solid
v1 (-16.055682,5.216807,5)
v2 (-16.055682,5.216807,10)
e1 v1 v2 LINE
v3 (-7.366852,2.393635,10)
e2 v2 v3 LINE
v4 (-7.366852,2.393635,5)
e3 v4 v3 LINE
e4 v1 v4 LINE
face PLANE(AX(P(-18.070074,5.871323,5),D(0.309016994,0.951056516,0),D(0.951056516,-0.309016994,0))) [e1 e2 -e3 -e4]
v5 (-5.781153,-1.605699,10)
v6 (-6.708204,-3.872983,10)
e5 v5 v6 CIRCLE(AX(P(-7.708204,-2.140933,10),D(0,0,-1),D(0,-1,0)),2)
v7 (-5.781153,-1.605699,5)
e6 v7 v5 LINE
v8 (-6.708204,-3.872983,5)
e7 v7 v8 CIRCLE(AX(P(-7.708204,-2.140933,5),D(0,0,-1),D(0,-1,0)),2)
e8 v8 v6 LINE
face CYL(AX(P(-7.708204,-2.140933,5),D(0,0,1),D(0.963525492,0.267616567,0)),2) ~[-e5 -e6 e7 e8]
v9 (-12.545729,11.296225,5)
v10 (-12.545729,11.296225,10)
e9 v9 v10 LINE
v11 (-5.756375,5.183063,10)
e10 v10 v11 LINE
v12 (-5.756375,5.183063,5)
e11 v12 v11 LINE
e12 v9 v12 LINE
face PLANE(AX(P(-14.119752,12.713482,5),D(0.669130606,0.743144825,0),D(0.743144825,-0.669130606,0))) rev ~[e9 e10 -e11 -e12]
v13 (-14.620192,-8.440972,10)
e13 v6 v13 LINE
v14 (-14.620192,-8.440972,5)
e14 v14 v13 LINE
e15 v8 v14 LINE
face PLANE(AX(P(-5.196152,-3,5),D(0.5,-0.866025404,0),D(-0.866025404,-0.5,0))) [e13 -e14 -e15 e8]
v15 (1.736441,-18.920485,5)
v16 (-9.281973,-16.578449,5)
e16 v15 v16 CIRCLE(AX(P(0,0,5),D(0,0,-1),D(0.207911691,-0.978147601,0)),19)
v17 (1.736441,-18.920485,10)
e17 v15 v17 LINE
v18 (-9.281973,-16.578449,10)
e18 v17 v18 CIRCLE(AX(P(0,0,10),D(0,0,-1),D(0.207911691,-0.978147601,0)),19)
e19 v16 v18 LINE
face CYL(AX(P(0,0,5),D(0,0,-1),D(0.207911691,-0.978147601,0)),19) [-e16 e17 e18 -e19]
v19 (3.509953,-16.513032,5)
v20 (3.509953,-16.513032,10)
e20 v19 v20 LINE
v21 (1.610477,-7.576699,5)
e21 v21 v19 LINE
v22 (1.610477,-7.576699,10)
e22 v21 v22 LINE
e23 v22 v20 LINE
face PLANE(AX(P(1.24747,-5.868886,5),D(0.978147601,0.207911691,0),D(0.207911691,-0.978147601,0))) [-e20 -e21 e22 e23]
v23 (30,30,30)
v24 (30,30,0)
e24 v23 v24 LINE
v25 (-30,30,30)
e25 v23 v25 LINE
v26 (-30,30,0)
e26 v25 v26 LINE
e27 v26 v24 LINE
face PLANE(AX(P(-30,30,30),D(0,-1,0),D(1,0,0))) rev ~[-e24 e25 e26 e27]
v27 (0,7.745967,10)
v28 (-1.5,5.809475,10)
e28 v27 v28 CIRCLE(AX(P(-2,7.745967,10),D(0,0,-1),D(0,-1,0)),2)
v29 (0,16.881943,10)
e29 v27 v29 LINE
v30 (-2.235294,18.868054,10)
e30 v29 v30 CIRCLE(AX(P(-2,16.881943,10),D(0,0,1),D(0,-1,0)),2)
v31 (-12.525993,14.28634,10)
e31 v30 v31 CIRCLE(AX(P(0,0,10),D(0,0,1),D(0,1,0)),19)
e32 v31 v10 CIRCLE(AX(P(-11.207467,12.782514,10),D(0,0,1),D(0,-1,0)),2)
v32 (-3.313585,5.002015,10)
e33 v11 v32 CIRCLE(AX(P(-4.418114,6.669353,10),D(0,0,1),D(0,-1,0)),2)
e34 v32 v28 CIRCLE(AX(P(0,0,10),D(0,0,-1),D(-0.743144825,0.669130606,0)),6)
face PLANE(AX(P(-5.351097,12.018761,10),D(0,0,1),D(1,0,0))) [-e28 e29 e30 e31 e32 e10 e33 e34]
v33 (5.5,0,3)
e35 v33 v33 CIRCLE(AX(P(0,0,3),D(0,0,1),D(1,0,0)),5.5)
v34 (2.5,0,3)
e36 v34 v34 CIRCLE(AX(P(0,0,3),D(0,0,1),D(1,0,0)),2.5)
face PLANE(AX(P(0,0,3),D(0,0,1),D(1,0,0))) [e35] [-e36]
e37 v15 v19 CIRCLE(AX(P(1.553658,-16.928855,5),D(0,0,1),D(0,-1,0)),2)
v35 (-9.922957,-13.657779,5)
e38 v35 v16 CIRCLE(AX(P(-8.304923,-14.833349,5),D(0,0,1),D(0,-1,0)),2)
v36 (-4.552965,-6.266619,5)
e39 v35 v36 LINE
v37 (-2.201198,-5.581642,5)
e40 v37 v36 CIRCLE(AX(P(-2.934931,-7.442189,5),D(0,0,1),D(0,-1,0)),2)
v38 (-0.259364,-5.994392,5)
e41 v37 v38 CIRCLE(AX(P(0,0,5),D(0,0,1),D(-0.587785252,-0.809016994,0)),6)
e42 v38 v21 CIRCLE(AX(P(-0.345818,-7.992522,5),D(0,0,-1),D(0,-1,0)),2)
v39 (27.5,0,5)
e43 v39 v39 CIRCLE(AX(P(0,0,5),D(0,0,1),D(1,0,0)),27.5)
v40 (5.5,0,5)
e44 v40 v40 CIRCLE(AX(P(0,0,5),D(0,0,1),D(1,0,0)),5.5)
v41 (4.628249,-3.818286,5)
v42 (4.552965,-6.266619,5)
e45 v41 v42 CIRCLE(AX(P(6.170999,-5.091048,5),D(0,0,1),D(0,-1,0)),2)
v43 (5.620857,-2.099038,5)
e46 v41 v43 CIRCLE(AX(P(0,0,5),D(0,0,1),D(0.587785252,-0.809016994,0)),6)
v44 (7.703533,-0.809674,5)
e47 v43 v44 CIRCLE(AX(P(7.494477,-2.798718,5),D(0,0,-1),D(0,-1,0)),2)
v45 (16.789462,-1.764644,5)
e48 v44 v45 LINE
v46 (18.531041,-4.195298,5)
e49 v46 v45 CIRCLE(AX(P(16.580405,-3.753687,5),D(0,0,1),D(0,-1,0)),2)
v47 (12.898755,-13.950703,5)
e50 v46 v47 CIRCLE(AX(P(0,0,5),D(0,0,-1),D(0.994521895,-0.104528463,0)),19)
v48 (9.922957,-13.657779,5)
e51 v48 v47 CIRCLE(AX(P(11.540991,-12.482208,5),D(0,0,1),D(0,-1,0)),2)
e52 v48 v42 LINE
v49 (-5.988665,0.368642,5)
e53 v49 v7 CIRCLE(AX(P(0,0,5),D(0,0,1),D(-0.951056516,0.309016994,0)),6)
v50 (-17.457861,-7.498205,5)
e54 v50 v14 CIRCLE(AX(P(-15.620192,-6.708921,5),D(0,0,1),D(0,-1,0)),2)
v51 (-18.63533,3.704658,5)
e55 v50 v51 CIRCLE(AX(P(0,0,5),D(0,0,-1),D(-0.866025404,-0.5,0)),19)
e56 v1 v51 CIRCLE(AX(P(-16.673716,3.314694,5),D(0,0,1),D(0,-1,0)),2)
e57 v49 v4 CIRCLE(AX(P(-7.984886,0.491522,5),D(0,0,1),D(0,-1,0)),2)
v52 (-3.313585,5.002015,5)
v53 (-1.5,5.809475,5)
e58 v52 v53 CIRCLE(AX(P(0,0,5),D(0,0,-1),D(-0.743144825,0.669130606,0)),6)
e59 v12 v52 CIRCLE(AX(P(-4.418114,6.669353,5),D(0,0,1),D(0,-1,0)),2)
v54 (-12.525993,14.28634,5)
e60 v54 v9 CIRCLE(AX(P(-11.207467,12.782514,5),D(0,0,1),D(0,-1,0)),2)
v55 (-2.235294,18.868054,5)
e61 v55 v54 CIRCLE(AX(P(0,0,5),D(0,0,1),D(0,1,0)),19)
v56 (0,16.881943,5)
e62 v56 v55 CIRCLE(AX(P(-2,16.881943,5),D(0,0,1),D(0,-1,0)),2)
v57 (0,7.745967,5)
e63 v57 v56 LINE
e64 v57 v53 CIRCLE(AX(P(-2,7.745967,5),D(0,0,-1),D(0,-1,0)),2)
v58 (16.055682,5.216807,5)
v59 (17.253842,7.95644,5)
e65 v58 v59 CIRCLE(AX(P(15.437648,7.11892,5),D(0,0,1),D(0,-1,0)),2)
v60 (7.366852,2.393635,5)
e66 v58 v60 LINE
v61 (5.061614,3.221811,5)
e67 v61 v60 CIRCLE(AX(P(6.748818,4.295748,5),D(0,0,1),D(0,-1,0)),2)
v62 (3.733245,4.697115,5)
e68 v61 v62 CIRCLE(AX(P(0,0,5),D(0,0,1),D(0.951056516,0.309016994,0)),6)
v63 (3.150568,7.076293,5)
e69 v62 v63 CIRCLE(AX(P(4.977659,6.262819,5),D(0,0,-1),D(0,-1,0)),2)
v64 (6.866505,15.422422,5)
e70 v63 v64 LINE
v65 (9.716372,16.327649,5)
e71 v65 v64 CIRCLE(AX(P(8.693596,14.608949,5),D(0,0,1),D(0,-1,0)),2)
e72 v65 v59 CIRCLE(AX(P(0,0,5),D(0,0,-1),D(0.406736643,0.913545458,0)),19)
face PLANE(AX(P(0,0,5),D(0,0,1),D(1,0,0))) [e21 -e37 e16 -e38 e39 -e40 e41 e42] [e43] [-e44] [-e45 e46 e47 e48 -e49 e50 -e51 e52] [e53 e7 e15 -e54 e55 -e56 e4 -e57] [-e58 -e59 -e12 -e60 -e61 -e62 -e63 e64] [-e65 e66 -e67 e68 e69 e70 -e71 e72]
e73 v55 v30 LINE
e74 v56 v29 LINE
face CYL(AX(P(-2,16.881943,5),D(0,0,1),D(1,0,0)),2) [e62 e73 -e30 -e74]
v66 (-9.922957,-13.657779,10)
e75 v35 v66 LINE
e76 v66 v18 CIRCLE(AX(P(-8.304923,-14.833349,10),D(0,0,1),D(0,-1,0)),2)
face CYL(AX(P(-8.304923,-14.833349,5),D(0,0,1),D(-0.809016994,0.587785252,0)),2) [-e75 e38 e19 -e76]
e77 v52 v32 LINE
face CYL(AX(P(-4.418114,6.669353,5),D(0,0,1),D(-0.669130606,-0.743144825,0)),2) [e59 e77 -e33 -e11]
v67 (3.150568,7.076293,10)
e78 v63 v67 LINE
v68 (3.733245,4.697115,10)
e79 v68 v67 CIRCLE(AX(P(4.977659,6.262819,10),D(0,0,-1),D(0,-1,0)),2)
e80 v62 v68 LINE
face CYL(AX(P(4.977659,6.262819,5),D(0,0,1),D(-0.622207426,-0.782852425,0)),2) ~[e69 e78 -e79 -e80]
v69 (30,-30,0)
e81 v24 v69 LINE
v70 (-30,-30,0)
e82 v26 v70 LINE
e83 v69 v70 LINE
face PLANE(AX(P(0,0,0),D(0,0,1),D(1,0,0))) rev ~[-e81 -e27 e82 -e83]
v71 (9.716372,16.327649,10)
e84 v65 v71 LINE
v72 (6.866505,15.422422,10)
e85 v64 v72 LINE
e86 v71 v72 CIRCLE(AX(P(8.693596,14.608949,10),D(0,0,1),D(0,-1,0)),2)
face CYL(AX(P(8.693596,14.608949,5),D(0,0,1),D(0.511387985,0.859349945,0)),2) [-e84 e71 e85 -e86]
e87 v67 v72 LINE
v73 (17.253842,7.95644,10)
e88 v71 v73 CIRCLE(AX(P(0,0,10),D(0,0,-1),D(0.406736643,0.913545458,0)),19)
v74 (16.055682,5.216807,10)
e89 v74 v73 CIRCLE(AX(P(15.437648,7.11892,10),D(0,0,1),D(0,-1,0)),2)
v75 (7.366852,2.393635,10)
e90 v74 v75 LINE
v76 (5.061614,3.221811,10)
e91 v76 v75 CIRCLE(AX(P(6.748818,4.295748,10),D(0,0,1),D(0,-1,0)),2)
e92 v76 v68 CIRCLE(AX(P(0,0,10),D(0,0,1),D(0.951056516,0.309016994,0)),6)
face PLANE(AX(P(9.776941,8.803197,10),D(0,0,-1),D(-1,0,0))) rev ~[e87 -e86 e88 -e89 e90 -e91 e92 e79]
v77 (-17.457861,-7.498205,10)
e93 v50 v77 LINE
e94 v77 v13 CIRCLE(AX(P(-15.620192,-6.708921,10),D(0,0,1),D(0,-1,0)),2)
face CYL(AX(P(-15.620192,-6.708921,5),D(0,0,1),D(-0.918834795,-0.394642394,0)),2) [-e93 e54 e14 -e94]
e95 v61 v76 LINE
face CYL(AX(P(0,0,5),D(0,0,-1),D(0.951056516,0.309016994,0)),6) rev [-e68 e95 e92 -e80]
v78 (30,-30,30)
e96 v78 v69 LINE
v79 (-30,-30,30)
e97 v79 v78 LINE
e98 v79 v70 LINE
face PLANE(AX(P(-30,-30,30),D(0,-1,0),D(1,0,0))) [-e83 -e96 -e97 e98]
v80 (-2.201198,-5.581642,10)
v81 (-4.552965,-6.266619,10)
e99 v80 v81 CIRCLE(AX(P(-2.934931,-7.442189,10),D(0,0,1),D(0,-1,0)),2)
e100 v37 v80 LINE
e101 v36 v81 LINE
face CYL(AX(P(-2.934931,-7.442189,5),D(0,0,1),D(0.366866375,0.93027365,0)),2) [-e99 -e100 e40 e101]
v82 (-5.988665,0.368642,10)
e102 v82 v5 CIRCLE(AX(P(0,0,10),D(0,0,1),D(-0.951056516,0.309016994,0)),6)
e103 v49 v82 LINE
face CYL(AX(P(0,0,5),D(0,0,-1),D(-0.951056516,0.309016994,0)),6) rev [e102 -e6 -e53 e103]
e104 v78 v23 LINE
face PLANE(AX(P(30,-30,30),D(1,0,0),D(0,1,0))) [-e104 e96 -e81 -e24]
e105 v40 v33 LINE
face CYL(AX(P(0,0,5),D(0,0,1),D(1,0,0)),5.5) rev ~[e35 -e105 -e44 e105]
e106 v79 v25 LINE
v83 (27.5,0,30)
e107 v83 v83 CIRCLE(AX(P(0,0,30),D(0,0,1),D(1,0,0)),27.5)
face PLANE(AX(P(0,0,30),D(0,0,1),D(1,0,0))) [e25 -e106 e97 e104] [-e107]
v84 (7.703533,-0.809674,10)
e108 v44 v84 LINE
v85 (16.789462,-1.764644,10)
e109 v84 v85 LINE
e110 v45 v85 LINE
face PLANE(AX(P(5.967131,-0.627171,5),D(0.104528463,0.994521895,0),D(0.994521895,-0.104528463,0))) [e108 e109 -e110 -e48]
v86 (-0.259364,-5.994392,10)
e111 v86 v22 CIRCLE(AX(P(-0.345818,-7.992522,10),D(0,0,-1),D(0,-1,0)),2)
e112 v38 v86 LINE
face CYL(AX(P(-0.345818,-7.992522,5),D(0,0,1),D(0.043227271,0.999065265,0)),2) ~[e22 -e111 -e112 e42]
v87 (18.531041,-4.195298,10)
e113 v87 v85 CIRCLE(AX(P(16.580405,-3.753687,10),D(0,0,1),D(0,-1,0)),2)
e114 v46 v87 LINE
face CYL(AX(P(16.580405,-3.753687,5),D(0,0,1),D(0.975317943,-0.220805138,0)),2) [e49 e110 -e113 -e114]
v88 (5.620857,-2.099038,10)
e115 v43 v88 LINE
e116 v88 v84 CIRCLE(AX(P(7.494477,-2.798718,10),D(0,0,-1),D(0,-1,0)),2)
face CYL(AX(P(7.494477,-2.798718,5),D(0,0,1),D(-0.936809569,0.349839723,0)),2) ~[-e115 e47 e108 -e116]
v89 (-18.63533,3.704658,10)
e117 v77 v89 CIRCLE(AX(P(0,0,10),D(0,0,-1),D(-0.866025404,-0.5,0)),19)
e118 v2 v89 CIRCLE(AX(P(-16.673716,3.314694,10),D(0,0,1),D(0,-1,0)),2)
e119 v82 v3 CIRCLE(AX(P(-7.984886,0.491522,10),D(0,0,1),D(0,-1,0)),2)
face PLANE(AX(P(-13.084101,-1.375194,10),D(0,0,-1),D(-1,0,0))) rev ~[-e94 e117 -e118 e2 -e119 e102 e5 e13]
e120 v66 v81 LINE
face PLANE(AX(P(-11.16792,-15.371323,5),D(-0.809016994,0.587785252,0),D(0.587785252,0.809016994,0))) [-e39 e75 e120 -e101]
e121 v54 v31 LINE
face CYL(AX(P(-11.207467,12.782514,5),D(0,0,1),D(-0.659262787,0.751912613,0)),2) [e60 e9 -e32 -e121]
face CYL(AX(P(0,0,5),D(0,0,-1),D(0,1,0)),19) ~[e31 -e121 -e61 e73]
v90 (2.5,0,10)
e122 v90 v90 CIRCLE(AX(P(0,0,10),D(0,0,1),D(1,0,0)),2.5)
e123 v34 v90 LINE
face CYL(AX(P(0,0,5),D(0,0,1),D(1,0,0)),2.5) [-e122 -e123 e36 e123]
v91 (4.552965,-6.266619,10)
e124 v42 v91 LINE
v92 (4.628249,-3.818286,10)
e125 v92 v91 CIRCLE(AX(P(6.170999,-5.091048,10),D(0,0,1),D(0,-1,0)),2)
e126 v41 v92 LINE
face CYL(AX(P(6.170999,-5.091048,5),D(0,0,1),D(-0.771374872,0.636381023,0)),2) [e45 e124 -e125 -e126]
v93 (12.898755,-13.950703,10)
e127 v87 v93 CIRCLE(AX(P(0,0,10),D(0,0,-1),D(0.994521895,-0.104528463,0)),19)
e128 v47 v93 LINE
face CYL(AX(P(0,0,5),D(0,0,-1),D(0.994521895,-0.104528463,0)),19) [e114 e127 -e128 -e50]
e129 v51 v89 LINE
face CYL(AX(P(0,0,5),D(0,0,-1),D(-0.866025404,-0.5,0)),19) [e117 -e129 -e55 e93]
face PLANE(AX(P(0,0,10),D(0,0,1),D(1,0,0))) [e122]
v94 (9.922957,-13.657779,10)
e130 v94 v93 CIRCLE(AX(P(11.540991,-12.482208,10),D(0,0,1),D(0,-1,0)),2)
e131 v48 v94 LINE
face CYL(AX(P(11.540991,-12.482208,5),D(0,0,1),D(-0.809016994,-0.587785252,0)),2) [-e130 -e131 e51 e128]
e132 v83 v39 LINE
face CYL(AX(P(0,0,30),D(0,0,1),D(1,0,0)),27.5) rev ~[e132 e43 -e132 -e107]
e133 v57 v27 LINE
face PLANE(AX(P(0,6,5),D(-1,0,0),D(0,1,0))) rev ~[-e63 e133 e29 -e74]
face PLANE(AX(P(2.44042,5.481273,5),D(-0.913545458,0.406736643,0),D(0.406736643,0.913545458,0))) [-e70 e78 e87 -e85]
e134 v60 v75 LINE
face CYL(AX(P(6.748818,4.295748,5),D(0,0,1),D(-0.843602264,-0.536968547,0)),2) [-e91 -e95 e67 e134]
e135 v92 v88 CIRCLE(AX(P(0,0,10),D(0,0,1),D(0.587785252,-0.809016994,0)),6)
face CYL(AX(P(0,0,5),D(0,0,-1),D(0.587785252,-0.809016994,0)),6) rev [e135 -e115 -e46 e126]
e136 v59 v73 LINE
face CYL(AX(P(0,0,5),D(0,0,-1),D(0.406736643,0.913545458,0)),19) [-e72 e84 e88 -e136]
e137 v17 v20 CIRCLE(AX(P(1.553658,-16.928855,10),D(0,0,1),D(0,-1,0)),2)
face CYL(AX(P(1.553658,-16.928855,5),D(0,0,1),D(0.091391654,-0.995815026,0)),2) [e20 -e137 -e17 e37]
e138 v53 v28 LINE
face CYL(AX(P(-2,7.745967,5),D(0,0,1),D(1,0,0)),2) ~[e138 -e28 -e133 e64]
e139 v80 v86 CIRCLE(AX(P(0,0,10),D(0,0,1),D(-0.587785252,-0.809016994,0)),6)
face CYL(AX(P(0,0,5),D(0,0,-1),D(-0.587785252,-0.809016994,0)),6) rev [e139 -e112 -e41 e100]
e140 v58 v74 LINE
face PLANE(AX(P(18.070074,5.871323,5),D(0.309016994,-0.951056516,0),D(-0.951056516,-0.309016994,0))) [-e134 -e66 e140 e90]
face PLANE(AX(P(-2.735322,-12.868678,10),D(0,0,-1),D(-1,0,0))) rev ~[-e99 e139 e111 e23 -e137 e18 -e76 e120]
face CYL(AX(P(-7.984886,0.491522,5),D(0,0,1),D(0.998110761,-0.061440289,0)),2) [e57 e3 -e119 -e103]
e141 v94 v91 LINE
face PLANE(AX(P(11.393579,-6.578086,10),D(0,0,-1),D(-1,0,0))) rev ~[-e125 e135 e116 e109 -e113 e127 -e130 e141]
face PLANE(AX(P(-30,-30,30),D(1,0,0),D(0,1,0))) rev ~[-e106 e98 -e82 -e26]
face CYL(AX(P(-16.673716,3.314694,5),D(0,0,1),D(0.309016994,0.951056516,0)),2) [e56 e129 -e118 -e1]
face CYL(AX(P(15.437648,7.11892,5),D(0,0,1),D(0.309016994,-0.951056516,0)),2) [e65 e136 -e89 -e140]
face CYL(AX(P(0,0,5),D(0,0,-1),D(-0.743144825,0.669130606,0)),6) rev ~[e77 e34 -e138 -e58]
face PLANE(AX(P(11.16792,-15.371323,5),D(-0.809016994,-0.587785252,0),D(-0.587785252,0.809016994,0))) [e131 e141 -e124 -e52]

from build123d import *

# Parameters (mm, degrees)
CROQUIS1_R              = 30
SALIENTE_EXTRUIR1_DEPTH = 30
CROQUIS2_R              = 27.5
CORTAR_EXTRUIR1_DEPTH   = 25
CROQUIS3_R              = 2.5
SALIENTE_EXTRUIR2_DEPTH = 5
CROQUIS4_R              = 5.5
CROQUIS4_R_2            = 2.5
CORTAR_EXTRUIR2_DEPTH   = 2
CROQUIS6_W              = 60
CROQUIS6_H              = 60
CROQUIS6_R              = 27.5
SALIENTE_EXTRUIR3_DEPTH = 30
SALIENTE_EXTRUIR5_DEPTH = 5
REDONDEO1_R             = 2


with BuildPart() as part:
    # Croquis1 → Saliente-Extruir1 (new body)
    with BuildSketch(Plane.XY):
        Circle(CROQUIS1_R)
    extrude(amount=SALIENTE_EXTRUIR1_DEPTH)

    # Croquis2 → Cortar-Extruir1 (cut)
    with BuildSketch(Plane.XY.offset(30)):
        Circle(CROQUIS2_R)
    extrude(amount=-CORTAR_EXTRUIR1_DEPTH, mode=Mode.SUBTRACT)

    # Croquis3 → Saliente-Extruir2 (add)
    with BuildSketch(Plane.XY.offset(5)):
        Circle(CROQUIS3_R)
    extrude(amount=SALIENTE_EXTRUIR2_DEPTH)

    # Croquis4 → Cortar-Extruir2 (cut)
    with BuildSketch(Plane.XY.offset(5)):
        Circle(CROQUIS4_R)
        Circle(CROQUIS4_R_2, mode=Mode.SUBTRACT)
    extrude(amount=-CORTAR_EXTRUIR2_DEPTH, mode=Mode.SUBTRACT)

    # Croquis6 → Saliente-Extruir3 (add)
    with BuildSketch(Plane.XY.offset(30)):
        Rectangle(CROQUIS6_W, CROQUIS6_H)
        Circle(CROQUIS6_R, mode=Mode.SUBTRACT)
    extrude(amount=-SALIENTE_EXTRUIR3_DEPTH)

    # Croquis7 → Saliente-Extruir5 (add)
    with BuildSketch(Plane.XY.offset(5)):
        with BuildLine():
            Line((0, 6), (0, 19))
            ThreePointArc((0, 19), (-7.727996218, 17.357363695), (-14.119751684, 12.713481521))
            Line((-14.119751684, 12.713481521), (-4.458868953, 4.014783638))
            ThreePointArc((-4.458868953, 4.014783638), (-2.440419858, 5.481272746), (0, 6))
        make_face()
        with BuildLine():
            Line((2.440419858, 5.481272746), (7.727996218, 17.357363695))
            ThreePointArc((7.727996218, 17.357363695), (14.119751684, 12.713481521), (18.07007381, 5.871322893))
            Line((18.07007381, 5.871322893), (5.706339098, 1.854101966))
            ThreePointArc((5.706339098, 1.854101966), (4.458868953, 4.014783638), (2.440419858, 5.481272746))
        make_face()
        with BuildLine():
            Line((5.967131372, -0.62717078), (18.895916012, -1.986040802))
            ThreePointArc((18.895916012, -1.986040802), (16.454482672, -9.5), (11.167919794, -15.371322893))
            Line((11.167919794, -15.371322893), (3.526711514, -4.854101966))
            ThreePointArc((3.526711514, -4.854101966), (5.196152423, -3), (5.967131372, -0.62717078))
        make_face()
        with BuildLine():
            Line((1.247470145, -5.868885604), (3.950322126, -18.584804414))
            ThreePointArc((3.950322126, -18.584804414), (-3.950322126, -18.584804414), (-11.167919794, -15.371322893))
            Line((-11.167919794, -15.371322893), (-3.526711514, -4.854101966))
            ThreePointArc((-3.526711514, -4.854101966), (-1.247470145, -5.868885604), (1.247470145, -5.868885604))
        make_face()
        with BuildLine():
            Line((-5.196152423, -3), (-16.454482672, -9.5))
            ThreePointArc((-16.454482672, -9.5), (-18.895916012, -1.986040802), (-18.07007381, 5.871322893))
            Line((-18.07007381, 5.871322893), (-5.706339098, 1.854101966))
            ThreePointArc((-5.706339098, 1.854101966), (-5.967131372, -0.62717078), (-5.196152423, -3))
        make_face()
    extrude(amount=SALIENTE_EXTRUIR5_DEPTH)

    # Redondeo1
    redondeo1_edges = [part.edges().sort_by_distance(p)[0] for p in [
        (-4.458868953, 4.014783638, 7.5),
        (0, 6, 7.5),
        (0, 19, 7.5),
        (-14.119751684, 12.713481521, 7.5),
        (2.440419858, 5.481272746, 7.5),
        (5.706339098, 1.854101966, 7.5),
        (18.07007381, 5.871322893, 7.5),
        (7.727996218, 17.357363695, 7.5),
        (5.967131372, -0.62717078, 7.5),
        (3.526711514, -4.854101966, 7.5),
        (11.167919794, -15.371322893, 7.5),
        (18.895916012, -1.986040802, 7.5),
        (1.247470145, -5.868885604, 7.5),
        (-3.526711514, -4.854101966, 7.5),
        (-11.167919794, -15.371322893, 7.5),
        (3.950322126, -18.584804414, 7.5),
        (-5.196152423, -3, 7.5),
        (-5.706339098, 1.854101966, 7.5),
        (-18.07007381, 5.871322893, 7.5),
        (-16.454482672, -9.5, 7.5),
    ]]
    fillet(redondeo1_edges, radius=REDONDEO1_R)


solid = part.part
